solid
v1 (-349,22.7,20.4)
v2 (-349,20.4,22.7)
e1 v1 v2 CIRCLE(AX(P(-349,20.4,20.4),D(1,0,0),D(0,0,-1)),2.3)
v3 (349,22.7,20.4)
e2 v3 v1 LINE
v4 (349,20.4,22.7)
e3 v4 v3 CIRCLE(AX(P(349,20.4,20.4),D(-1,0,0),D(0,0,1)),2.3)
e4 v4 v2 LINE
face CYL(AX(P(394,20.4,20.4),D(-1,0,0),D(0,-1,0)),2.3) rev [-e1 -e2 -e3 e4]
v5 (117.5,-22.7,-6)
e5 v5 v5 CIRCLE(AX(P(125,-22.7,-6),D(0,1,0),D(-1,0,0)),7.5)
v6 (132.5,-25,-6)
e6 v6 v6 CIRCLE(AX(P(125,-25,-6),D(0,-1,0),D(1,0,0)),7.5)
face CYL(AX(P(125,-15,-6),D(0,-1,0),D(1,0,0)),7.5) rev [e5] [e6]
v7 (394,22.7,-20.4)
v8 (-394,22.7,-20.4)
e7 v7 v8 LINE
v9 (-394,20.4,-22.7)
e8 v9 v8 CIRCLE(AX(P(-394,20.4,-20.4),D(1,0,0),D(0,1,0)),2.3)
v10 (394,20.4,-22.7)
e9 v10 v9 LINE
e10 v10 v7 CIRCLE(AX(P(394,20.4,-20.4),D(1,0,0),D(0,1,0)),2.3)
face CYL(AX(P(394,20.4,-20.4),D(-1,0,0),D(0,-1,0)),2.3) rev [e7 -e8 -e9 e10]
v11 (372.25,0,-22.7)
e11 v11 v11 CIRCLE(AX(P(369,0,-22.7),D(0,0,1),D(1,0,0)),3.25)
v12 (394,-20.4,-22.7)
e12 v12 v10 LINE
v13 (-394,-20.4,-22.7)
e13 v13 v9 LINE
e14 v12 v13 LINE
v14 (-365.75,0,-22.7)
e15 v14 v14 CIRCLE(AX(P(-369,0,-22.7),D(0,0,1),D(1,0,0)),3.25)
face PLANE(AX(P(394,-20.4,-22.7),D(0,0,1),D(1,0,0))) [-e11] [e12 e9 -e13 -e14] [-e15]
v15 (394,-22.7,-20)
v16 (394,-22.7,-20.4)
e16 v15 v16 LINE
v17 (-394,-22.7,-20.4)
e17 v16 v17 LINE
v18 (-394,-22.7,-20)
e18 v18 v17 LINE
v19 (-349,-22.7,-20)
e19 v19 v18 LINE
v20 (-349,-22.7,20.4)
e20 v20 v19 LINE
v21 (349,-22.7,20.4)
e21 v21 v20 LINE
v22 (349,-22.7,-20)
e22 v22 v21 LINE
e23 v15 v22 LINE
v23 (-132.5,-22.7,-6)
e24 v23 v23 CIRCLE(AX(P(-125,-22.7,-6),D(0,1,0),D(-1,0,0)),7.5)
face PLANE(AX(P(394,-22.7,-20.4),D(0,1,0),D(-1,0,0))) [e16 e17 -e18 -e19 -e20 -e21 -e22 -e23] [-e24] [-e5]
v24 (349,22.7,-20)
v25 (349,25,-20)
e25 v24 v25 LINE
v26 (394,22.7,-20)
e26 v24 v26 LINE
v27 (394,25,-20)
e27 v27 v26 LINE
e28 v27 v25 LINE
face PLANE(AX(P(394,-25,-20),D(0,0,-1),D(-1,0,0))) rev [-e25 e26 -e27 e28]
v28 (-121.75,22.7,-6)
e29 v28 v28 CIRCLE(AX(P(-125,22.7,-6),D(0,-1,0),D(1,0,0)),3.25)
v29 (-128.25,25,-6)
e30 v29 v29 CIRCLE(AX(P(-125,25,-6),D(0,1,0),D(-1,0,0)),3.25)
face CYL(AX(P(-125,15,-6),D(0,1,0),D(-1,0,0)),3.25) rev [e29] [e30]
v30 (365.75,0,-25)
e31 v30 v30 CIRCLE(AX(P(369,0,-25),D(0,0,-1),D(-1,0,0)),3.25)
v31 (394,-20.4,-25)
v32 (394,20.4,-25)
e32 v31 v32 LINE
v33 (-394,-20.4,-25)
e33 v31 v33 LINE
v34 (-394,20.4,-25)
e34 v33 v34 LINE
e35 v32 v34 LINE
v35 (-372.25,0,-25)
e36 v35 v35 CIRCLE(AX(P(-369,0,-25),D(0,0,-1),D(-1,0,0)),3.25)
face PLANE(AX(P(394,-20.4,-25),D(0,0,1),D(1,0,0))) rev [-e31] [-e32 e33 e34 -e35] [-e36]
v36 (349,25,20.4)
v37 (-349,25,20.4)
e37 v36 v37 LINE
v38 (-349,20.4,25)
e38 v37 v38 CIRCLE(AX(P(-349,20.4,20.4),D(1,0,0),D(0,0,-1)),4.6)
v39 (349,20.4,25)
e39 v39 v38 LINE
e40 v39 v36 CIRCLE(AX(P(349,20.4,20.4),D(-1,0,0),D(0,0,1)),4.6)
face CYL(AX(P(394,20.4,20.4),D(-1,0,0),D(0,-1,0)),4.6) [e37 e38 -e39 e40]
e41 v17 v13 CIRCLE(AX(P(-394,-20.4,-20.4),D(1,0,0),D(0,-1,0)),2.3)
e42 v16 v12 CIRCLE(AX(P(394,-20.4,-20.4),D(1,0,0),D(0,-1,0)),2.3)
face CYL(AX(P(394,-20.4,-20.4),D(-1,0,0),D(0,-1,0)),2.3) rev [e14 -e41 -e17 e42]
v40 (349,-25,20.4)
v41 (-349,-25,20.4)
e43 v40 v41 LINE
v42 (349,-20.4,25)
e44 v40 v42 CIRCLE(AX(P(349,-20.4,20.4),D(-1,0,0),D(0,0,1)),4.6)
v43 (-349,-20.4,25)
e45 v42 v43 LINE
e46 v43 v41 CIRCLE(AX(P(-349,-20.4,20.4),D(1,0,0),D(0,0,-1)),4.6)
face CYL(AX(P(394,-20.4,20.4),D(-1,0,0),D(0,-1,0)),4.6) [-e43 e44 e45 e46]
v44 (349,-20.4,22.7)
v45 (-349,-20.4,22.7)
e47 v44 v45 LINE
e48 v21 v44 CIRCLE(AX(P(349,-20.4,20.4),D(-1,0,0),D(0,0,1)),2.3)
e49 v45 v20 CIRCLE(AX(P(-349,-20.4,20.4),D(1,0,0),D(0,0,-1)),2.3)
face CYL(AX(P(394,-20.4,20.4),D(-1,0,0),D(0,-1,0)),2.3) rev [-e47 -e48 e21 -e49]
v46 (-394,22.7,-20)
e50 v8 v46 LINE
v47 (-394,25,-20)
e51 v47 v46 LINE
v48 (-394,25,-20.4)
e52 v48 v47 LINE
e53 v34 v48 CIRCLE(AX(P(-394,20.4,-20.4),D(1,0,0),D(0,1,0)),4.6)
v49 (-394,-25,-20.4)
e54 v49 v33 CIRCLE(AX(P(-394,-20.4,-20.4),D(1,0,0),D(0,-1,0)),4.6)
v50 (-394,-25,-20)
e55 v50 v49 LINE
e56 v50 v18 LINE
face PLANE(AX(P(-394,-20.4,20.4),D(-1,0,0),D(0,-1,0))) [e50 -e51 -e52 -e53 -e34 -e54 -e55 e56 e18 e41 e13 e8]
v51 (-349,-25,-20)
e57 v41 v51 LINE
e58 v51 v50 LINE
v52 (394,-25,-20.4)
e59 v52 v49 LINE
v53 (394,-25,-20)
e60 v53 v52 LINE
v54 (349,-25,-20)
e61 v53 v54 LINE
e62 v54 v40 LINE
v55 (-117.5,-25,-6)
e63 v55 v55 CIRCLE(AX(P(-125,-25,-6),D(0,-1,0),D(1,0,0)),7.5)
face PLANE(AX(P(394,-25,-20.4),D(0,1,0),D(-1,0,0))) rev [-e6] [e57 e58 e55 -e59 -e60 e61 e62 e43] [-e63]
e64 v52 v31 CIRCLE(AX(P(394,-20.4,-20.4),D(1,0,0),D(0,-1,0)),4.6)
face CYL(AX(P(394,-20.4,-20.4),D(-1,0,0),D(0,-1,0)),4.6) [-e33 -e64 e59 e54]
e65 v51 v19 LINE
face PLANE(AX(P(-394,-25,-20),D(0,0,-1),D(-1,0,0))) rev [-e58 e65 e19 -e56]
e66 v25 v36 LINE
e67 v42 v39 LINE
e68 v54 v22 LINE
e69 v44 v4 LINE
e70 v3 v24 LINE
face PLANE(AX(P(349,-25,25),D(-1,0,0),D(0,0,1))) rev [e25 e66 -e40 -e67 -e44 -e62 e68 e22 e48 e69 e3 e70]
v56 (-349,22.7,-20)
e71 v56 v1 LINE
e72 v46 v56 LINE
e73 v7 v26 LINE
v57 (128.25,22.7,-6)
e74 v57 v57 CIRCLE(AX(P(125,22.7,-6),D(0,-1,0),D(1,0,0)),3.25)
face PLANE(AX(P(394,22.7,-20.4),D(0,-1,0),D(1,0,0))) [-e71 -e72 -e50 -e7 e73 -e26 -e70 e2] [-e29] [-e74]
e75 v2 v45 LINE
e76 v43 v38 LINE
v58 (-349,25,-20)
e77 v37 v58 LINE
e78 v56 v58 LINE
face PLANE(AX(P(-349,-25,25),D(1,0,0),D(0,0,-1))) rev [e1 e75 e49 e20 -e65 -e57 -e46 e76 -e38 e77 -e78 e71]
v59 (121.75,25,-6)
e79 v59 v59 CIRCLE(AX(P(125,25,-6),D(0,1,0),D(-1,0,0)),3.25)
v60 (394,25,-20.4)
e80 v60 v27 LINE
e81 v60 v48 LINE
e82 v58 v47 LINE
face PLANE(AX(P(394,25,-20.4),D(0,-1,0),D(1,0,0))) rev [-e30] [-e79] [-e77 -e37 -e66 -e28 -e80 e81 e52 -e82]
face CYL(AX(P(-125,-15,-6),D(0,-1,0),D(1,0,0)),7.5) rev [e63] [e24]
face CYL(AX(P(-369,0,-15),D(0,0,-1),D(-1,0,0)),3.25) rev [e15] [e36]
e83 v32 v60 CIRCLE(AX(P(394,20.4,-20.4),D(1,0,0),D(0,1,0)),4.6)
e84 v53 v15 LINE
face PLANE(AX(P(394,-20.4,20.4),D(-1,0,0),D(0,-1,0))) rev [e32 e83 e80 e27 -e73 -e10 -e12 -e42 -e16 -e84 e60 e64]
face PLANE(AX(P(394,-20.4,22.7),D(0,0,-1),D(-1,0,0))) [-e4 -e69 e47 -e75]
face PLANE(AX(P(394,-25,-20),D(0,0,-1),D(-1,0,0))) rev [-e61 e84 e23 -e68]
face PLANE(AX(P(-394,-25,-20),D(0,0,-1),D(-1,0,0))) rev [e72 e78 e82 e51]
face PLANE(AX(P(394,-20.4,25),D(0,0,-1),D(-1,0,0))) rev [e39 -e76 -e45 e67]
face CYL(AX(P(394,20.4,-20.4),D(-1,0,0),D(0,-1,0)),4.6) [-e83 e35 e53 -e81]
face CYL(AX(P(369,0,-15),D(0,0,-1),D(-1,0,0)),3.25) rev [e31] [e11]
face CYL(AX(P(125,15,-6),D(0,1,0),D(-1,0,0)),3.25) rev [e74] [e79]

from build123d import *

# Parameters (mm, degrees)
SHS_C450_AS_50X50X2_3_SHS_C450_1_DEPTH = 788
CUT_EXTRUDE1_DEPTH                     = 396.583113896
CUT_EXTRUDE1_DEPTH_BACK                = 396.583113896
SKETCH20_W                             = 45
SKETCH20_H                             = 45
SKETCH21_R                             = 3.25
CUT_EXTRUDE2_DEPTH                     = 10
SKETCH22_R                             = 3.25
CUT_EXTRUDE3_DEPTH                     = 10
SKETCH23_R                             = 7.5
CUT_EXTRUDE4_DEPTH                     = 10


with BuildPart() as part:
    # Sketch19 → Shs c450 as 50X50X2.3 SHS C450(1) (new body)
    with BuildSketch(Plane.YZ.offset(-394)):
        with BuildLine():
            Line((-20.4, -25), (20.4, -25))
            ThreePointArc((20.4, -25), (23.652691193, -23.652691193), (25, -20.4))
            Line((25, -20.4), (25, 20.4))
            ThreePointArc((25, 20.4), (23.652691193, 23.652691193), (20.4, 25))
            Line((20.4, 25), (-20.4, 25))
            ThreePointArc((-20.4, 25), (-23.652691193, 23.652691193), (-25, 20.4))
            Line((-25, 20.4), (-25, -20.4))
            ThreePointArc((-25, -20.4), (-23.652691193, -23.652691193), (-20.4, -25))
        make_face()
        with BuildLine():
            Line((-20.4, 22.7), (20.4, 22.7))
            ThreePointArc((20.4, 22.7), (22.026345597, 22.026345597), (22.7, 20.4))
            Line((22.7, 20.4), (22.7, -20.4))
            ThreePointArc((22.7, -20.4), (22.026345597, -22.026345597), (20.4, -22.7))
            Line((20.4, -22.7), (-20.4, -22.7))
            ThreePointArc((-20.4, -22.7), (-22.026345597, -22.026345597), (-22.7, -20.4))
            Line((-22.7, -20.4), (-22.7, 20.4))
            ThreePointArc((-22.7, 20.4), (-22.026345597, 22.026345597), (-20.4, 22.7))
        make_face(mode=Mode.SUBTRACT)
    extrude(amount=SHS_C450_AS_50X50X2_3_SHS_C450_1_DEPTH)

    # Sketch20 → Cut-Extrude1 (cut, two sides: drawn at the far end of the back side and taken through both)
    with BuildSketch(Plane(origin=(0, 0, 0), x_dir=(1, 0, 0), z_dir=(0, 1, 0)).offset(-CUT_EXTRUDE1_DEPTH_BACK)):
        with Locations((-371.5, -2.5)):
            Rectangle(SKETCH20_W, SKETCH20_H)
        with Locations((371.5, -2.5)):
            Rectangle(SKETCH20_W, SKETCH20_H)
    extrude(amount=CUT_EXTRUDE1_DEPTH + CUT_EXTRUDE1_DEPTH_BACK, mode=Mode.SUBTRACT)

    # Sketch21 → Cut-Extrude2 (cut)
    with BuildSketch(Plane(origin=(0, 0, -25), x_dir=(-1, 0, 0), z_dir=(0, 0, -1))):
        with Locations((-369, 0)):
            Circle(SKETCH21_R)
        with Locations((369, 0)):
            Circle(SKETCH21_R)
    extrude(amount=-CUT_EXTRUDE2_DEPTH, mode=Mode.SUBTRACT)

    # Sketch22 → Cut-Extrude3 (cut)
    with BuildSketch(Plane(origin=(0, 25, 0), x_dir=(1, 0, 0), z_dir=(0, 1, 0))):
        with Locations(Location((-125, 6, 0), (0, 0, 180))):
            Circle(SKETCH22_R)
        with Locations(Location((125, 6, 0), (0, 0, 180))):
            Circle(SKETCH22_R)
    extrude(amount=-CUT_EXTRUDE3_DEPTH, mode=Mode.SUBTRACT)

    # Sketch23 → Cut-Extrude4 (cut)
    with BuildSketch(Plane.XZ.offset(25)):
        with Locations((-125, -6)):
            Circle(SKETCH23_R)
        with Locations((125, -6)):
            Circle(SKETCH23_R)
    extrude(amount=-CUT_EXTRUDE4_DEPTH, mode=Mode.SUBTRACT)


solid = part.part
